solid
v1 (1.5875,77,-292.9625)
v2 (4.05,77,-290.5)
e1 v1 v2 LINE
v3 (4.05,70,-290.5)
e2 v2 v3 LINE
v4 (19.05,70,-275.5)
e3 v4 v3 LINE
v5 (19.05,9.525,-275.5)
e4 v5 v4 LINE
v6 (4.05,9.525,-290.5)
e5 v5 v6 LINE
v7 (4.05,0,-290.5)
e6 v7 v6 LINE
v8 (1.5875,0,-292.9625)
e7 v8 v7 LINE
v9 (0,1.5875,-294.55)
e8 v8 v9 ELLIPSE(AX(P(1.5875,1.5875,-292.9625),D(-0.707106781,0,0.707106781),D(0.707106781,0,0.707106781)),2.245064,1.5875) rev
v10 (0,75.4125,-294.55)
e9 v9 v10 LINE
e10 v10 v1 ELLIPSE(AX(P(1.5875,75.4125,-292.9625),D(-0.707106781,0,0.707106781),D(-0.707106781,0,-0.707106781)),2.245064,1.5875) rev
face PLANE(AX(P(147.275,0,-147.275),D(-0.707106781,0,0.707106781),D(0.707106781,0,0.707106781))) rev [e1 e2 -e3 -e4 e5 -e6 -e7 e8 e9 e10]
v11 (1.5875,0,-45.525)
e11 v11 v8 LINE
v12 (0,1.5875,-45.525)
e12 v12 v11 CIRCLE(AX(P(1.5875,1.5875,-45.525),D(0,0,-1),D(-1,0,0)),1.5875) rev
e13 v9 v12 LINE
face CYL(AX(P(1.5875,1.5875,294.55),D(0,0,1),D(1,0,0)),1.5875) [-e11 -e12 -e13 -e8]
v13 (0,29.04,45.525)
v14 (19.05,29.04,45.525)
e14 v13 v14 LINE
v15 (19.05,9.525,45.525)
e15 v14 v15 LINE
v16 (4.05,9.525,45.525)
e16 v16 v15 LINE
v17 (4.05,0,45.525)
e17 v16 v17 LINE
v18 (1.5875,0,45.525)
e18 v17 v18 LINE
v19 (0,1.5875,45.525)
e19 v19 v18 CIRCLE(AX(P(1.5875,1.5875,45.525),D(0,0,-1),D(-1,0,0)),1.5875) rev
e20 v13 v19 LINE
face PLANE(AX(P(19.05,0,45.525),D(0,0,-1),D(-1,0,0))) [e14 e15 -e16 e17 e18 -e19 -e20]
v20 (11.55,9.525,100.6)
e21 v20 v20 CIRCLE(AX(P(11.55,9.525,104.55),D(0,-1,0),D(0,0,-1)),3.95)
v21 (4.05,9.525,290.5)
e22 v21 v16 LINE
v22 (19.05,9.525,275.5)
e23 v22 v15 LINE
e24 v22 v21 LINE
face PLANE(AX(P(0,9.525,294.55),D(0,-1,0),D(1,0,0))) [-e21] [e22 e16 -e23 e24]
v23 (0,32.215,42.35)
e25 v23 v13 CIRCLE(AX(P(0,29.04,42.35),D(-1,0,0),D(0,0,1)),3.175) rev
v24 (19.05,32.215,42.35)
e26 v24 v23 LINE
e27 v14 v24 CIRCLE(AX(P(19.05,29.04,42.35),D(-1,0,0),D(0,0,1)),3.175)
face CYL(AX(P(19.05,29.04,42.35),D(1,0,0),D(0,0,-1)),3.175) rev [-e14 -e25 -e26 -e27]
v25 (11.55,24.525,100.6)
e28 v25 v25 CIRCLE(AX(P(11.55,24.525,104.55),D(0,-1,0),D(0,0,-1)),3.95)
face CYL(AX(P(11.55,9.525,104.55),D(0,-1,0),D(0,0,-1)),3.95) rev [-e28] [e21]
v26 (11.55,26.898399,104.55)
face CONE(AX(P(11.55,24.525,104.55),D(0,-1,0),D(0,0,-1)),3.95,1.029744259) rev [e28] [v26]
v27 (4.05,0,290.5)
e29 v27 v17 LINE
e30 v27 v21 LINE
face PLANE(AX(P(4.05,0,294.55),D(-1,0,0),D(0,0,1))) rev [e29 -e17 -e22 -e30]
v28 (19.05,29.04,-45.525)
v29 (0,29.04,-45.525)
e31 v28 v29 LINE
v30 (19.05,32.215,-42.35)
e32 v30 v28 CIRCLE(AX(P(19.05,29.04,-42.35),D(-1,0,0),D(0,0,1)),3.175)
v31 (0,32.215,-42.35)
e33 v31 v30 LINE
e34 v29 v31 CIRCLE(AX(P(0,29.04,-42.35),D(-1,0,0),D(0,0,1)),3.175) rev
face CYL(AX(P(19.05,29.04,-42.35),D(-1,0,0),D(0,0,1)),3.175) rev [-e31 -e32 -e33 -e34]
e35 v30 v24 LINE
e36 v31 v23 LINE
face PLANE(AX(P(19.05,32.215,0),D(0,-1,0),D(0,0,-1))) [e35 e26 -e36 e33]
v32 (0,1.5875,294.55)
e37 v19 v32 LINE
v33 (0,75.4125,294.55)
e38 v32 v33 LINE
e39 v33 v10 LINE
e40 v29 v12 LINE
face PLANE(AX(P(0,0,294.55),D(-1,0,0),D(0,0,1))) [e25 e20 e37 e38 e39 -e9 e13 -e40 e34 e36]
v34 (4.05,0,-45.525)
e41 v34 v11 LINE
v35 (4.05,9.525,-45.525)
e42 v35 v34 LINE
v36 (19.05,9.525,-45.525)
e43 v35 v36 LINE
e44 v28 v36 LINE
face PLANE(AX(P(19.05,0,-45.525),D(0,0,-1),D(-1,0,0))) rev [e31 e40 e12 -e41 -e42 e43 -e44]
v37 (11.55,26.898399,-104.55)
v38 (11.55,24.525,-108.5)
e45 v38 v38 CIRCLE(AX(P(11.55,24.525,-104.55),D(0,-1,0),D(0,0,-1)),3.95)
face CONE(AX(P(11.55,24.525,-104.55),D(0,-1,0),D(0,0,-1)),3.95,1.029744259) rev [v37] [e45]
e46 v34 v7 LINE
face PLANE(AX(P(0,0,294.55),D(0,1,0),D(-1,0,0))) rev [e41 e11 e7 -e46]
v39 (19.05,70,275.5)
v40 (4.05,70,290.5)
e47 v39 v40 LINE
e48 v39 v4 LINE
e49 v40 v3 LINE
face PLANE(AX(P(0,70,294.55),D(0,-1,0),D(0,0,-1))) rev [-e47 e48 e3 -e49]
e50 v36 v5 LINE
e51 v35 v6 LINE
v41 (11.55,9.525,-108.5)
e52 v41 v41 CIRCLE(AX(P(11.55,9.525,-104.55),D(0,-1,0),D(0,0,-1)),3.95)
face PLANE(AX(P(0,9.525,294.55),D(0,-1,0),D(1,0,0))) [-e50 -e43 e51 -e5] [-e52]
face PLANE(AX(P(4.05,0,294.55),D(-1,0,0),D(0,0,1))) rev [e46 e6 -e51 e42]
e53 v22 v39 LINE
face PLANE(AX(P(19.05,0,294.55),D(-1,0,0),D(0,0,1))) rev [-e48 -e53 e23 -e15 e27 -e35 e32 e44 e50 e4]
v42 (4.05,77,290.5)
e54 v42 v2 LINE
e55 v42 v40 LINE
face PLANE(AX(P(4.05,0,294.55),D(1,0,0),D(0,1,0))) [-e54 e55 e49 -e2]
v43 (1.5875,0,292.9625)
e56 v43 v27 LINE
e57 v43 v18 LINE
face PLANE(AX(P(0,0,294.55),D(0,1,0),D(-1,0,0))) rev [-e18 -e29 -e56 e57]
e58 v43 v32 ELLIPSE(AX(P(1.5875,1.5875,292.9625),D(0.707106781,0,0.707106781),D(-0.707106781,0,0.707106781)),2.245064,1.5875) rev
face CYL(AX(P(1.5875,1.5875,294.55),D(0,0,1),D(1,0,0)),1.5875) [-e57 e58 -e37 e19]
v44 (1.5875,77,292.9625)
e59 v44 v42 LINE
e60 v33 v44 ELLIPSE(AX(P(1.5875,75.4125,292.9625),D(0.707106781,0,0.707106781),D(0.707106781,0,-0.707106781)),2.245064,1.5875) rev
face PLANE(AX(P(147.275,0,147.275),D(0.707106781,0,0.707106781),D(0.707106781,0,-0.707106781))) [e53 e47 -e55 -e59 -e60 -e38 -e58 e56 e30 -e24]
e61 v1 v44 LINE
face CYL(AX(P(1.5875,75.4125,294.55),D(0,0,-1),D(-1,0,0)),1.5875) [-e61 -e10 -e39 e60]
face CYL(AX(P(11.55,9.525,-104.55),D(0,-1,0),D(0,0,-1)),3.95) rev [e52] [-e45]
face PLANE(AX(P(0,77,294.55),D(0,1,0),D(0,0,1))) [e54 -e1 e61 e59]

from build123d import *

# Parameters (mm, degrees)
BOSS_EXTRUDE1_DEPTH            = 294.55
FILLET1_R                      = 1.5875
CUT_EXTRUDE1_DEPTH             = 306.043611636
CUT_EXTRUDE1_DEPTH_BACK        = 306.043611636
F_7_9_7_9_DIAMETER_HOLE2_D     = 7.9
F_7_9_7_9_DIAMETER_HOLE2_DEPTH = 15
F_7_9_7_9_DIAMETER_HOLE2_TIP   = 2.373399445
CUT_EXTRUDE3_DEPTH             = 306.043611636
CUT_EXTRUDE3_DEPTH_BACK        = 306.043611636
SKETCH9_W                      = 91.05
SKETCH9_H                      = 25
SKETCH9_H_2                    = 5.6275
SKETCH9_H_3                    = 1.5875
FILLET2_R                      = 3.175


with BuildPart() as part:
    # Sketch1 → Boss-Extrude1 (new, symmetric)
    with BuildSketch(Plane.XY):
        Polygon((0, 77), (0, 0), (4.05, 0), (4.05, 9.525), (19.05, 9.525), (19.05, 70), (4.05, 70), (4.05, 77), align=None)
    extrude(amount=BOSS_EXTRUDE1_DEPTH, both=True)

    # Fillet1
    fillet1_edges = [part.edges().sort_by_distance(p)[0] for p in [
        (0, 0, 0),
        (0, 77, 0),
    ]]
    fillet(fillet1_edges, radius=FILLET1_R)

    # Sketch2 → Cut-Extrude1 (cut, two sides: drawn at the far end of the back side and taken through both)
    with BuildSketch(Plane(origin=(0, 77, 0), x_dir=(1, 0, 0), z_dir=(0, 1, 0)).offset(-CUT_EXTRUDE1_DEPTH_BACK)):
        Polygon((0, 294.55), (19.05, 275.5), (19.05, 294.55), align=None)
        Polygon((19.05, -275.5), (19.05, -294.55), (0, -294.55), align=None)
    extrude(amount=CUT_EXTRUDE1_DEPTH + CUT_EXTRUDE1_DEPTH_BACK, mode=Mode.SUBTRACT)

    # Ø7.9 (7.9) Diameter Hole2
    with Locations(Plane.XZ.offset(-9.525)):
        with Locations((11.55, -104.55), (11.55, 104.55)):
            Hole(F_7_9_7_9_DIAMETER_HOLE2_D / 2, depth=F_7_9_7_9_DIAMETER_HOLE2_DEPTH)
            with Locations((0, 0, -(F_7_9_7_9_DIAMETER_HOLE2_DEPTH + F_7_9_7_9_DIAMETER_HOLE2_TIP / 2))):  # 118° drill point
                Cone(0, F_7_9_7_9_DIAMETER_HOLE2_D / 2, F_7_9_7_9_DIAMETER_HOLE2_TIP, mode=Mode.SUBTRACT)

    # Sketch9 → Cut-Extrude3 (cut, two sides: drawn at the far end of the back side and taken through both)
    with BuildSketch(Plane.ZY.offset(-CUT_EXTRUDE3_DEPTH_BACK)):
        with Locations((0, 19.715)):
            Rectangle(SKETCH9_W, SKETCH9_H)
        with Locations((0, 4.40125)):
            Rectangle(SKETCH9_W, SKETCH9_H_2)
        with Locations((0, 0.79375)):
            Rectangle(SKETCH9_W, SKETCH9_H_3)
    extrude(amount=CUT_EXTRUDE3_DEPTH + CUT_EXTRUDE3_DEPTH_BACK, mode=Mode.SUBTRACT)

    # Fillet2
    fillet2_edges = [part.edges().sort_by_distance(p)[0] for p in [
        (9.525, 32.215, 45.525),
        (9.525, 32.215, -45.525),
    ]]
    fillet(fillet2_edges, radius=FILLET2_R)


solid = part.part
